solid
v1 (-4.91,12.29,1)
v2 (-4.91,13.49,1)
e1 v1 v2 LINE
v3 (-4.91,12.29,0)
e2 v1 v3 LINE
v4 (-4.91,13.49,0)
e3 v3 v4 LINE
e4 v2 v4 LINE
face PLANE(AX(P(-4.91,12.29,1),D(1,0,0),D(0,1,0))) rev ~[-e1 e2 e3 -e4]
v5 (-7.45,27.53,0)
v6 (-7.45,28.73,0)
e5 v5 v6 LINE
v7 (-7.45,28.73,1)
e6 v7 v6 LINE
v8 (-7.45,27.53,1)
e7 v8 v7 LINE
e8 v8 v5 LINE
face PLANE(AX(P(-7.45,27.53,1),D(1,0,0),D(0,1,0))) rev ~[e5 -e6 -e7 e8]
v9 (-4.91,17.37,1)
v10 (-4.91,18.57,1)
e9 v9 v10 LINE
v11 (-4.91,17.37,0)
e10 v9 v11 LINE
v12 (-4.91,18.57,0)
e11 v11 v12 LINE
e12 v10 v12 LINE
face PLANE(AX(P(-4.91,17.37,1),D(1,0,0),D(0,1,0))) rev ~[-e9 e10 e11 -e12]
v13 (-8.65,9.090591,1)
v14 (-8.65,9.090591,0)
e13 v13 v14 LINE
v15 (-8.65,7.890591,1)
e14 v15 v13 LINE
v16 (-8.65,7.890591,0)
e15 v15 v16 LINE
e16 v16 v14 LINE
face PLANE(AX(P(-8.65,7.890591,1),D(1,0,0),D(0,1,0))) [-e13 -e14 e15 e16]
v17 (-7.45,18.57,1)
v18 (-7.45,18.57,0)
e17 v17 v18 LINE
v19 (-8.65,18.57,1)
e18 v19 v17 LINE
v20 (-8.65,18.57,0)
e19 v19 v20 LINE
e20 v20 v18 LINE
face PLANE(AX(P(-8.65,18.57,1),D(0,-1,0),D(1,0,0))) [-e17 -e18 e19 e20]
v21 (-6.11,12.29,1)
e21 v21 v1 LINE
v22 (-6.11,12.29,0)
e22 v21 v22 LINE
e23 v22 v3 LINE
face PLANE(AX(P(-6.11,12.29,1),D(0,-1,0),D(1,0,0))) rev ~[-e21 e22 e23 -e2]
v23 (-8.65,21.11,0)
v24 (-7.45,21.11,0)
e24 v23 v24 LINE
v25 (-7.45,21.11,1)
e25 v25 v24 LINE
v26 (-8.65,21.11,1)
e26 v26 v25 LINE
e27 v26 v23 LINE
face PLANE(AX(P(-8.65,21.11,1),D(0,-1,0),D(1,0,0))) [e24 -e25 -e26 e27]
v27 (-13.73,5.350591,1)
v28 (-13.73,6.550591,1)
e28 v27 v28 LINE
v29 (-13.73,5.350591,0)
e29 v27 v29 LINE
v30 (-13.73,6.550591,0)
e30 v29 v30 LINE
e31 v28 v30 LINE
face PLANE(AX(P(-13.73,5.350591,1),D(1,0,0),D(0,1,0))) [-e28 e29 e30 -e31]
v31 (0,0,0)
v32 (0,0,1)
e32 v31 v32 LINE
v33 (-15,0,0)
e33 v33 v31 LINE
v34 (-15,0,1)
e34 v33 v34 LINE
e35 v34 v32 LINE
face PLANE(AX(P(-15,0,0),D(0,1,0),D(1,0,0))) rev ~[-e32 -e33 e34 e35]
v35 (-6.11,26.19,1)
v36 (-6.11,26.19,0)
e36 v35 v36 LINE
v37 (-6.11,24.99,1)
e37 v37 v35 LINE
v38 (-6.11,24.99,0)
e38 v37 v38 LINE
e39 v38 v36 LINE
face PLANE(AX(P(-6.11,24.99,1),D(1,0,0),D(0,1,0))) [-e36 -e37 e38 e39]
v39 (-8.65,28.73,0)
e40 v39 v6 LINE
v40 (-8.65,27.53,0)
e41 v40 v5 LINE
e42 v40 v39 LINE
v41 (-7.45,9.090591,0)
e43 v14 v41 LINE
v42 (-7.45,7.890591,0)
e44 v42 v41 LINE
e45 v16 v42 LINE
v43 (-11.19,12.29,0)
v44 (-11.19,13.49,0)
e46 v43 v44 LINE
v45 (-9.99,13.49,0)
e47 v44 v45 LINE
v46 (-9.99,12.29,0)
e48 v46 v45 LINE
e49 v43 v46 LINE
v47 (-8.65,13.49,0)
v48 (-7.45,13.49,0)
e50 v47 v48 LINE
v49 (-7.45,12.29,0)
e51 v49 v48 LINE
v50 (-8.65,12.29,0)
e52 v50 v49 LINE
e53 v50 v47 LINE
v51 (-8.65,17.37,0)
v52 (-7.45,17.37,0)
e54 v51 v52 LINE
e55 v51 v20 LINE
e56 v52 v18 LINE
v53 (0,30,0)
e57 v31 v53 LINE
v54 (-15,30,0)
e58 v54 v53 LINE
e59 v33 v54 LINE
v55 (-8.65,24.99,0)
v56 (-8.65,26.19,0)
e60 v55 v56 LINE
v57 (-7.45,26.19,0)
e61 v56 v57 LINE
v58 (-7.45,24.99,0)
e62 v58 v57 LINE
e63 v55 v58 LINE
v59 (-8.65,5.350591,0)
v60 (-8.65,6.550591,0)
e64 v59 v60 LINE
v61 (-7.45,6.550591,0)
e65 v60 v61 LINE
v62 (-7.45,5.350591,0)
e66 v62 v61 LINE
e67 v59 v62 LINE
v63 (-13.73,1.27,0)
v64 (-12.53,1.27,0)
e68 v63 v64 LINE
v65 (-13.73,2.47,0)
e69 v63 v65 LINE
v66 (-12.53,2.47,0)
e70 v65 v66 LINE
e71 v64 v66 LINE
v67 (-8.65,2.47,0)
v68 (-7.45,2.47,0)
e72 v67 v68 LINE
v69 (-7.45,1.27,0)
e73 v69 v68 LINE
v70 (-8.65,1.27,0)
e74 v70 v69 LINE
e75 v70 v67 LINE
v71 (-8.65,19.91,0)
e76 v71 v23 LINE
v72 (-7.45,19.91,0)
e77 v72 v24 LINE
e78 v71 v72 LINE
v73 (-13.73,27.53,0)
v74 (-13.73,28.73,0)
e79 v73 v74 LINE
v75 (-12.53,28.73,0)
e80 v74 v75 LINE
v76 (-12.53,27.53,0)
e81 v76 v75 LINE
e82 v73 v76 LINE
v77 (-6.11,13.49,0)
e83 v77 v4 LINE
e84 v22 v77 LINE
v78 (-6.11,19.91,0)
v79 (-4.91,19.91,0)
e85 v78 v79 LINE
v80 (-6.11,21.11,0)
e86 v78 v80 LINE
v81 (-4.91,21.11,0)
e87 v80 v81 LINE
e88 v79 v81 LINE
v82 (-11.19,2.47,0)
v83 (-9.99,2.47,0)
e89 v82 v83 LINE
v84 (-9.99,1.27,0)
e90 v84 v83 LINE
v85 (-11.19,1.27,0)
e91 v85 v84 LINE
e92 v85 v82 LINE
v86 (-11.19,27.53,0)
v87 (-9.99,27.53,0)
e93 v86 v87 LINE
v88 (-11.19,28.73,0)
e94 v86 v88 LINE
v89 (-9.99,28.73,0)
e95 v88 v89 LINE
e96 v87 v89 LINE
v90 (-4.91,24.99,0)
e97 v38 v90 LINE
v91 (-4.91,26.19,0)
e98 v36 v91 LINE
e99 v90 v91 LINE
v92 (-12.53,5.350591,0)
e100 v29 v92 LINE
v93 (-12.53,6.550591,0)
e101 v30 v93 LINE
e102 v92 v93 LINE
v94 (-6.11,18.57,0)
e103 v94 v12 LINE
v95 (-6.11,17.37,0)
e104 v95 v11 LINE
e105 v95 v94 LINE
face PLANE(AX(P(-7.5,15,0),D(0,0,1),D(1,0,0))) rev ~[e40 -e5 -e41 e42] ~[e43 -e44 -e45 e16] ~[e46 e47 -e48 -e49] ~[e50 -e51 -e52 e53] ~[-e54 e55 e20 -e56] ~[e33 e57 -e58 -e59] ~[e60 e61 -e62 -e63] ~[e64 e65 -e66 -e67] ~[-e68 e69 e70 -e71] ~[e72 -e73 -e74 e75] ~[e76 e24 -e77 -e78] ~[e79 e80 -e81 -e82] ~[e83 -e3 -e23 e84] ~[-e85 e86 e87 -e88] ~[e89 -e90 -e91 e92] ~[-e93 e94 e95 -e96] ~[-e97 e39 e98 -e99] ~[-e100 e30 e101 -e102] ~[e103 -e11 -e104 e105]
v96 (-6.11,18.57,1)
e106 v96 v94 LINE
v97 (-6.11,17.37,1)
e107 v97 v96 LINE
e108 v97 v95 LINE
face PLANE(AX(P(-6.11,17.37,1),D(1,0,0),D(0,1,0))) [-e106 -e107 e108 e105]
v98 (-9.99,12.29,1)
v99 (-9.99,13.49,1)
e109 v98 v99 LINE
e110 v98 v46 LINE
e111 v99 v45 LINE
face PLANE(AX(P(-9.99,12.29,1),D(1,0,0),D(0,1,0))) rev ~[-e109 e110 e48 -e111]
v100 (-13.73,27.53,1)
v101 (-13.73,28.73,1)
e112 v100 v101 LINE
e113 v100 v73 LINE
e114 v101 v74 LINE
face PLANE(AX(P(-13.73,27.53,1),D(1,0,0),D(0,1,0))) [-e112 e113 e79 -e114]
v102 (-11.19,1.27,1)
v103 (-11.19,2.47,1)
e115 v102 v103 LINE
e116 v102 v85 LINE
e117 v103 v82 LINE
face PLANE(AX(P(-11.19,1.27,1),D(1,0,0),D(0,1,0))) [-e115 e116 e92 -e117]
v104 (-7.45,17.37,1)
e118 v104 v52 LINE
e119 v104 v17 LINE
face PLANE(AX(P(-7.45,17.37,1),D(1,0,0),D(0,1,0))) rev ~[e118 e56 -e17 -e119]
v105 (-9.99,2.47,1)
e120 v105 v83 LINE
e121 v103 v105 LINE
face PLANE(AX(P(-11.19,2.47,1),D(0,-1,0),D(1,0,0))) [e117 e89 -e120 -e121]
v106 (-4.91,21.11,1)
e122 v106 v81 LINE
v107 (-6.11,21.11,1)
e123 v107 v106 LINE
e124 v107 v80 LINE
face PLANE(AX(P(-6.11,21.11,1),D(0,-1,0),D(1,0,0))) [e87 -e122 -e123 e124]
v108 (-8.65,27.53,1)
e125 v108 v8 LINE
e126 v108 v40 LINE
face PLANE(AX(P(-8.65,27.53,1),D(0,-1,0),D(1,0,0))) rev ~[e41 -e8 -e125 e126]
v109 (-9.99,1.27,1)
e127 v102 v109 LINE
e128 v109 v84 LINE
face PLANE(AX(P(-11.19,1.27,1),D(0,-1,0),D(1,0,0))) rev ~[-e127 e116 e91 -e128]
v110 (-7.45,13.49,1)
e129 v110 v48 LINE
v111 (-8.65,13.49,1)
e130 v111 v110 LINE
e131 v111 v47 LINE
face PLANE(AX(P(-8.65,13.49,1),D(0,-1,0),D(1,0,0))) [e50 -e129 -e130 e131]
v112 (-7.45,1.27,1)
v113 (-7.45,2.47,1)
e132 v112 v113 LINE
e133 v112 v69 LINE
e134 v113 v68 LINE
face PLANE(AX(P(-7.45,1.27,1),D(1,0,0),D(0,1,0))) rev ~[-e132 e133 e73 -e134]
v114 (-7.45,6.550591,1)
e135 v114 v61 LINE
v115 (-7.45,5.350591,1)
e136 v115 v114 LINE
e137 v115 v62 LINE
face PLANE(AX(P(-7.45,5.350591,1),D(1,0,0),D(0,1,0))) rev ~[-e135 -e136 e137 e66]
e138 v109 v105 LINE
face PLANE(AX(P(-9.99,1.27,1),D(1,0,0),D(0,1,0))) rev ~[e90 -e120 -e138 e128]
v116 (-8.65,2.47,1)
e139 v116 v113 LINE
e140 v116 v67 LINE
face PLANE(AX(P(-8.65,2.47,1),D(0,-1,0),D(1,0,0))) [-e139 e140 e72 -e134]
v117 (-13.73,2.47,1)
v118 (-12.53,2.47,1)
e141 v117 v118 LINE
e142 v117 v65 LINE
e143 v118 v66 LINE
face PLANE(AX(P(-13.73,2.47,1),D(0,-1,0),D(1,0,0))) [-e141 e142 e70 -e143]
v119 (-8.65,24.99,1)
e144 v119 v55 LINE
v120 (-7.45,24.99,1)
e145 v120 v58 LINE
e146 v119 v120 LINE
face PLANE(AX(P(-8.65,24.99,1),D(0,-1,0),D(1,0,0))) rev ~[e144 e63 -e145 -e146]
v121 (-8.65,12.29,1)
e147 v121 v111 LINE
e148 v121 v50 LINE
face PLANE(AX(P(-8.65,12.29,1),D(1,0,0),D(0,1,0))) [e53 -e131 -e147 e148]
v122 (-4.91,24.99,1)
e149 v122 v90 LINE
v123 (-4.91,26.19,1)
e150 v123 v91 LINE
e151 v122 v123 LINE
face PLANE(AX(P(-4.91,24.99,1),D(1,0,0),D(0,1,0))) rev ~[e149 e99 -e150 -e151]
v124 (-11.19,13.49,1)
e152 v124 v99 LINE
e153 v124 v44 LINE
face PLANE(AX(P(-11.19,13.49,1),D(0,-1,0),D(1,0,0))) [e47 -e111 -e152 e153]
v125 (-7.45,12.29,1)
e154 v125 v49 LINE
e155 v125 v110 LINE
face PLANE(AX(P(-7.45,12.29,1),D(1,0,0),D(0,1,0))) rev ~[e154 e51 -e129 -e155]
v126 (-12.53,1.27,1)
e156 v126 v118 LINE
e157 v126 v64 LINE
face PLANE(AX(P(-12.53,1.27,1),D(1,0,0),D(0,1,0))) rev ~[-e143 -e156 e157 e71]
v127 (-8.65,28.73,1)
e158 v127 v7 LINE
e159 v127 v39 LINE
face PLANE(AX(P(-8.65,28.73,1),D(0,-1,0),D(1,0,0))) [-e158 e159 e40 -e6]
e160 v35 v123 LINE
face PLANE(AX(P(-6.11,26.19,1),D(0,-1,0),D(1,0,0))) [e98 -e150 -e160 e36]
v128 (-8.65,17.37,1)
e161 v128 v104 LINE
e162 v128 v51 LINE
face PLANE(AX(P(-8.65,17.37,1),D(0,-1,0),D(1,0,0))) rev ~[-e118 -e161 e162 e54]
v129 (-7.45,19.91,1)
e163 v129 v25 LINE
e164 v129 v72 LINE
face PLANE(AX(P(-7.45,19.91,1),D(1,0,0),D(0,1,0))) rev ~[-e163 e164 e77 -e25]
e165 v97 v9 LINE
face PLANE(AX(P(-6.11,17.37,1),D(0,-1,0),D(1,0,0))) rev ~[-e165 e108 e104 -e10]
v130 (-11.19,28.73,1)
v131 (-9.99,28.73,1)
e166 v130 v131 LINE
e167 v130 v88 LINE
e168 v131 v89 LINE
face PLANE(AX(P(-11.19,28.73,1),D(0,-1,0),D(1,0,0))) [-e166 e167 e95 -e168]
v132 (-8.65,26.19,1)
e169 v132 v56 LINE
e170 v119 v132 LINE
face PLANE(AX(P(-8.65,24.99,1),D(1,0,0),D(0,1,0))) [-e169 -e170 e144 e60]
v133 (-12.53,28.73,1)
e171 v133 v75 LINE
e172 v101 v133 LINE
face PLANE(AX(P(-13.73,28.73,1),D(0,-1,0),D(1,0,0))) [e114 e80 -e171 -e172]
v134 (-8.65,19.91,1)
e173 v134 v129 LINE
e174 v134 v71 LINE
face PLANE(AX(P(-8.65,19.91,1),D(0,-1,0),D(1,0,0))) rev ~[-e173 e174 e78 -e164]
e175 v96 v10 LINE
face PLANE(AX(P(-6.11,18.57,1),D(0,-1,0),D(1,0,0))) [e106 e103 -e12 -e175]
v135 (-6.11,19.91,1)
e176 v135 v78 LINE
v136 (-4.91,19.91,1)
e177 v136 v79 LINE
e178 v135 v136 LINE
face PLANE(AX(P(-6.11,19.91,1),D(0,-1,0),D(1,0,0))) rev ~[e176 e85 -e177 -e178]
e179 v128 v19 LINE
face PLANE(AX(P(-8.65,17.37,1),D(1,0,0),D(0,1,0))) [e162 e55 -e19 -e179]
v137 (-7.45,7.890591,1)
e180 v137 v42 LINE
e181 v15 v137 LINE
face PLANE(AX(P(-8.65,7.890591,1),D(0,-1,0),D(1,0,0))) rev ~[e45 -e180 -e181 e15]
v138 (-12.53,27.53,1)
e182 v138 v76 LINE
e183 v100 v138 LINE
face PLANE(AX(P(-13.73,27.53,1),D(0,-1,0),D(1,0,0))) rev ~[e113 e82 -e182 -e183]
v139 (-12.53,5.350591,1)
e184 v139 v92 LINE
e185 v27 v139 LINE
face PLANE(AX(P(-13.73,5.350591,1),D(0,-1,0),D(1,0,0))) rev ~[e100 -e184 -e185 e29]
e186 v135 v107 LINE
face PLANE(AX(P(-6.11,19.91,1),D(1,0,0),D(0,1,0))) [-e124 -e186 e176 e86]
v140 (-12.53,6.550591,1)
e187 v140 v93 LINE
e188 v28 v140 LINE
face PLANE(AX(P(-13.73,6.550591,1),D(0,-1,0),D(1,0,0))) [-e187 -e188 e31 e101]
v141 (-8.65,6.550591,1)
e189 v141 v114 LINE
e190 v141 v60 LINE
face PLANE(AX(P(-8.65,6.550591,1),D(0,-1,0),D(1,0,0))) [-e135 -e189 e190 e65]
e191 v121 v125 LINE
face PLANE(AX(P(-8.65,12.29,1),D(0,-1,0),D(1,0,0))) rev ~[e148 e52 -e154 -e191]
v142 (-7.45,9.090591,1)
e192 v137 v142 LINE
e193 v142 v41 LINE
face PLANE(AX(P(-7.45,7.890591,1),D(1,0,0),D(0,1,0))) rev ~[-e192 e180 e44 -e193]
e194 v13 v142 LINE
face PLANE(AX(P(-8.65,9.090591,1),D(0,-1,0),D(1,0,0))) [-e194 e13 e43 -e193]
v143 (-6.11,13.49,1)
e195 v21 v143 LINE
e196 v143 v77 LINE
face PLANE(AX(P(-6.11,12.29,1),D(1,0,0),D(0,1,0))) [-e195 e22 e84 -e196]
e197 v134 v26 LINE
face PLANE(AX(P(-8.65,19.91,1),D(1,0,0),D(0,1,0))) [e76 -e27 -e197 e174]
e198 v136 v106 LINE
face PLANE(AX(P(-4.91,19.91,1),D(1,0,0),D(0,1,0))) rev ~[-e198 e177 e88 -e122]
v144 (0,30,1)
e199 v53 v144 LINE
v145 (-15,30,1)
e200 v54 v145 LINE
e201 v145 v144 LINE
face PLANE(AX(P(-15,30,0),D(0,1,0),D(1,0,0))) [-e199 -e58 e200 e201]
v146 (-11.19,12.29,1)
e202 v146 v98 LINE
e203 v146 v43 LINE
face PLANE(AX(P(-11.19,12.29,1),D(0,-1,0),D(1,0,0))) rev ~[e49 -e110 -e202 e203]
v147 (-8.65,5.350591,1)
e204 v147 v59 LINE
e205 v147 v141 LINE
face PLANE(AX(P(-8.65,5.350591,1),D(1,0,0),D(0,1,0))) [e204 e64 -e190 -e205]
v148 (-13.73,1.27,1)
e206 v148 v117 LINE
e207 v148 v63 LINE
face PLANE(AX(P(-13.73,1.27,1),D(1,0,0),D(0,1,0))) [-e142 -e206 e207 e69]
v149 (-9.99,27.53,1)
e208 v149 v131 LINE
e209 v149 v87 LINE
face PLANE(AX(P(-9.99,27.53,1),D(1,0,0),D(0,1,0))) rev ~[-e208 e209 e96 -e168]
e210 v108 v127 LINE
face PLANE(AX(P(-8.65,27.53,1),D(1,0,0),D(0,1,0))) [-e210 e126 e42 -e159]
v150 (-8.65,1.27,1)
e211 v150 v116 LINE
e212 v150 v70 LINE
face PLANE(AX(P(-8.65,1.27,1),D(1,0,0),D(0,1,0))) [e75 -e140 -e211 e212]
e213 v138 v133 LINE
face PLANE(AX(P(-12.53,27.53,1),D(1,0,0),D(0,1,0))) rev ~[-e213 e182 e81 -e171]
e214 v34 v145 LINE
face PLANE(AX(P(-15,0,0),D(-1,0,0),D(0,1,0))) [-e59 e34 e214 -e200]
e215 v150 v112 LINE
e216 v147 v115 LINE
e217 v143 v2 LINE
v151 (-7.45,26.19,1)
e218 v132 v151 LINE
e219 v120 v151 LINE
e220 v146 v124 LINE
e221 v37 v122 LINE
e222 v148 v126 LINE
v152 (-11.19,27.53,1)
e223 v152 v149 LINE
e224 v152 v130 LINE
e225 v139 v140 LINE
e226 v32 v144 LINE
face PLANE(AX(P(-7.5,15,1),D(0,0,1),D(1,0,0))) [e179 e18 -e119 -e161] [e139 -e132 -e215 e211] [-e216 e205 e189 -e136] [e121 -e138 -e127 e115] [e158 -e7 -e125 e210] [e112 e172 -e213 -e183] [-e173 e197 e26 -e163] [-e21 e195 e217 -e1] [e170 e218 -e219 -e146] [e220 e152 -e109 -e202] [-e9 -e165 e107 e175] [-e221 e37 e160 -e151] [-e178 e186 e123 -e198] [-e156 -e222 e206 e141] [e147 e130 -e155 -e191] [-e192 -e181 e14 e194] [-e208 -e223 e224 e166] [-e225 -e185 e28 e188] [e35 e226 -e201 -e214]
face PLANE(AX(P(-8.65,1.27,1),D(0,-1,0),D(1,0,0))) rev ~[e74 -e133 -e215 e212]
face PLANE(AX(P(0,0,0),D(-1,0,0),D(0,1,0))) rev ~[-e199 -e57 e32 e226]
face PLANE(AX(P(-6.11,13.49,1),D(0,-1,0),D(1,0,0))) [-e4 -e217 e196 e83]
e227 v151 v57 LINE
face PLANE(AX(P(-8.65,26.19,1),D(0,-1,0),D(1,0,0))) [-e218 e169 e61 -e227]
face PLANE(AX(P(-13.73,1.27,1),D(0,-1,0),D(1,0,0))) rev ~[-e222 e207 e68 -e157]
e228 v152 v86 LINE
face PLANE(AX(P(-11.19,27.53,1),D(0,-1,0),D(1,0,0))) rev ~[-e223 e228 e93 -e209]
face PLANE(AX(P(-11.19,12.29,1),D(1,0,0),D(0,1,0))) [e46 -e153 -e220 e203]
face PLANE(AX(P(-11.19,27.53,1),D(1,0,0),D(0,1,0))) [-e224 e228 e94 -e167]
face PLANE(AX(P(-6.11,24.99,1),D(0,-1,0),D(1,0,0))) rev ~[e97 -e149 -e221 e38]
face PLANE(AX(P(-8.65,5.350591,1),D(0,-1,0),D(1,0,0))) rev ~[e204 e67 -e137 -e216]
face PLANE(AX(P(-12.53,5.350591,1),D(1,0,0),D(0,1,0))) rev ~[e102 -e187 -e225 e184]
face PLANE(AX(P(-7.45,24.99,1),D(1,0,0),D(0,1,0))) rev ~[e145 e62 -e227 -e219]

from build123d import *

# Parameters (mm, degrees)
F0_W     = 15
F0_H     = 30
F1_DEPTH = 1
F2_W     = 1.2
F2_H     = 1.2
F3_DEPTH = 25


with BuildPart() as f1:
    # F0 (on Top) → F1 (new body)
    with BuildSketch(Plane.XY):
        with Locations((-7.5, 15)):
            Rectangle(F0_W, F0_H)
    extrude(amount=F1_DEPTH)

    # F2 (on face) → F3 (cut)
    with BuildSketch(Plane.XY.offset(1)):
        with Locations((-13.13, 28.13)):
            Rectangle(F2_W, F2_H)
        with Locations((-10.59, 28.13)):
            Rectangle(F2_W, F2_H)
        with Locations((-8.05, 28.13)):
            Rectangle(F2_W, F2_H)
        with Locations((-8.05, 1.87)):
            Rectangle(F2_W, F2_H)
        with Locations((-10.59, 1.87)):
            Rectangle(F2_W, F2_H)
        with Locations((-13.13, 1.87)):
            Rectangle(F2_W, F2_H)
        with Locations((-8.05, 25.59)):
            Rectangle(F2_W, F2_H)
        with Locations((-8.05, 20.51)):
            Rectangle(F2_W, F2_H)
        with Locations((-8.05, 17.97)):
            Rectangle(F2_W, F2_H)
        with Locations((-8.05, 12.89)):
            Rectangle(F2_W, F2_H)
        with Locations((-5.51, 25.59)):
            Rectangle(F2_W, F2_H)
        with Locations((-5.51, 20.51)):
            Rectangle(F2_W, F2_H)
        with Locations((-5.51, 17.97)):
            Rectangle(F2_W, F2_H)
        with Locations((-5.51, 12.89)):
            Rectangle(F2_W, F2_H)
        with Locations((-10.59, 12.89)):
            Rectangle(F2_W, F2_H)
        with Locations((-8.05, 8.490591)):
            Rectangle(F2_W, F2_H)
        with Locations((-13.13, 5.950591)):
            Rectangle(F2_W, F2_H)
        with Locations((-8.05, 5.950591)):
            Rectangle(F2_W, F2_H)
    extrude(amount=-F3_DEPTH, mode=Mode.SUBTRACT)


solid = f1.part
